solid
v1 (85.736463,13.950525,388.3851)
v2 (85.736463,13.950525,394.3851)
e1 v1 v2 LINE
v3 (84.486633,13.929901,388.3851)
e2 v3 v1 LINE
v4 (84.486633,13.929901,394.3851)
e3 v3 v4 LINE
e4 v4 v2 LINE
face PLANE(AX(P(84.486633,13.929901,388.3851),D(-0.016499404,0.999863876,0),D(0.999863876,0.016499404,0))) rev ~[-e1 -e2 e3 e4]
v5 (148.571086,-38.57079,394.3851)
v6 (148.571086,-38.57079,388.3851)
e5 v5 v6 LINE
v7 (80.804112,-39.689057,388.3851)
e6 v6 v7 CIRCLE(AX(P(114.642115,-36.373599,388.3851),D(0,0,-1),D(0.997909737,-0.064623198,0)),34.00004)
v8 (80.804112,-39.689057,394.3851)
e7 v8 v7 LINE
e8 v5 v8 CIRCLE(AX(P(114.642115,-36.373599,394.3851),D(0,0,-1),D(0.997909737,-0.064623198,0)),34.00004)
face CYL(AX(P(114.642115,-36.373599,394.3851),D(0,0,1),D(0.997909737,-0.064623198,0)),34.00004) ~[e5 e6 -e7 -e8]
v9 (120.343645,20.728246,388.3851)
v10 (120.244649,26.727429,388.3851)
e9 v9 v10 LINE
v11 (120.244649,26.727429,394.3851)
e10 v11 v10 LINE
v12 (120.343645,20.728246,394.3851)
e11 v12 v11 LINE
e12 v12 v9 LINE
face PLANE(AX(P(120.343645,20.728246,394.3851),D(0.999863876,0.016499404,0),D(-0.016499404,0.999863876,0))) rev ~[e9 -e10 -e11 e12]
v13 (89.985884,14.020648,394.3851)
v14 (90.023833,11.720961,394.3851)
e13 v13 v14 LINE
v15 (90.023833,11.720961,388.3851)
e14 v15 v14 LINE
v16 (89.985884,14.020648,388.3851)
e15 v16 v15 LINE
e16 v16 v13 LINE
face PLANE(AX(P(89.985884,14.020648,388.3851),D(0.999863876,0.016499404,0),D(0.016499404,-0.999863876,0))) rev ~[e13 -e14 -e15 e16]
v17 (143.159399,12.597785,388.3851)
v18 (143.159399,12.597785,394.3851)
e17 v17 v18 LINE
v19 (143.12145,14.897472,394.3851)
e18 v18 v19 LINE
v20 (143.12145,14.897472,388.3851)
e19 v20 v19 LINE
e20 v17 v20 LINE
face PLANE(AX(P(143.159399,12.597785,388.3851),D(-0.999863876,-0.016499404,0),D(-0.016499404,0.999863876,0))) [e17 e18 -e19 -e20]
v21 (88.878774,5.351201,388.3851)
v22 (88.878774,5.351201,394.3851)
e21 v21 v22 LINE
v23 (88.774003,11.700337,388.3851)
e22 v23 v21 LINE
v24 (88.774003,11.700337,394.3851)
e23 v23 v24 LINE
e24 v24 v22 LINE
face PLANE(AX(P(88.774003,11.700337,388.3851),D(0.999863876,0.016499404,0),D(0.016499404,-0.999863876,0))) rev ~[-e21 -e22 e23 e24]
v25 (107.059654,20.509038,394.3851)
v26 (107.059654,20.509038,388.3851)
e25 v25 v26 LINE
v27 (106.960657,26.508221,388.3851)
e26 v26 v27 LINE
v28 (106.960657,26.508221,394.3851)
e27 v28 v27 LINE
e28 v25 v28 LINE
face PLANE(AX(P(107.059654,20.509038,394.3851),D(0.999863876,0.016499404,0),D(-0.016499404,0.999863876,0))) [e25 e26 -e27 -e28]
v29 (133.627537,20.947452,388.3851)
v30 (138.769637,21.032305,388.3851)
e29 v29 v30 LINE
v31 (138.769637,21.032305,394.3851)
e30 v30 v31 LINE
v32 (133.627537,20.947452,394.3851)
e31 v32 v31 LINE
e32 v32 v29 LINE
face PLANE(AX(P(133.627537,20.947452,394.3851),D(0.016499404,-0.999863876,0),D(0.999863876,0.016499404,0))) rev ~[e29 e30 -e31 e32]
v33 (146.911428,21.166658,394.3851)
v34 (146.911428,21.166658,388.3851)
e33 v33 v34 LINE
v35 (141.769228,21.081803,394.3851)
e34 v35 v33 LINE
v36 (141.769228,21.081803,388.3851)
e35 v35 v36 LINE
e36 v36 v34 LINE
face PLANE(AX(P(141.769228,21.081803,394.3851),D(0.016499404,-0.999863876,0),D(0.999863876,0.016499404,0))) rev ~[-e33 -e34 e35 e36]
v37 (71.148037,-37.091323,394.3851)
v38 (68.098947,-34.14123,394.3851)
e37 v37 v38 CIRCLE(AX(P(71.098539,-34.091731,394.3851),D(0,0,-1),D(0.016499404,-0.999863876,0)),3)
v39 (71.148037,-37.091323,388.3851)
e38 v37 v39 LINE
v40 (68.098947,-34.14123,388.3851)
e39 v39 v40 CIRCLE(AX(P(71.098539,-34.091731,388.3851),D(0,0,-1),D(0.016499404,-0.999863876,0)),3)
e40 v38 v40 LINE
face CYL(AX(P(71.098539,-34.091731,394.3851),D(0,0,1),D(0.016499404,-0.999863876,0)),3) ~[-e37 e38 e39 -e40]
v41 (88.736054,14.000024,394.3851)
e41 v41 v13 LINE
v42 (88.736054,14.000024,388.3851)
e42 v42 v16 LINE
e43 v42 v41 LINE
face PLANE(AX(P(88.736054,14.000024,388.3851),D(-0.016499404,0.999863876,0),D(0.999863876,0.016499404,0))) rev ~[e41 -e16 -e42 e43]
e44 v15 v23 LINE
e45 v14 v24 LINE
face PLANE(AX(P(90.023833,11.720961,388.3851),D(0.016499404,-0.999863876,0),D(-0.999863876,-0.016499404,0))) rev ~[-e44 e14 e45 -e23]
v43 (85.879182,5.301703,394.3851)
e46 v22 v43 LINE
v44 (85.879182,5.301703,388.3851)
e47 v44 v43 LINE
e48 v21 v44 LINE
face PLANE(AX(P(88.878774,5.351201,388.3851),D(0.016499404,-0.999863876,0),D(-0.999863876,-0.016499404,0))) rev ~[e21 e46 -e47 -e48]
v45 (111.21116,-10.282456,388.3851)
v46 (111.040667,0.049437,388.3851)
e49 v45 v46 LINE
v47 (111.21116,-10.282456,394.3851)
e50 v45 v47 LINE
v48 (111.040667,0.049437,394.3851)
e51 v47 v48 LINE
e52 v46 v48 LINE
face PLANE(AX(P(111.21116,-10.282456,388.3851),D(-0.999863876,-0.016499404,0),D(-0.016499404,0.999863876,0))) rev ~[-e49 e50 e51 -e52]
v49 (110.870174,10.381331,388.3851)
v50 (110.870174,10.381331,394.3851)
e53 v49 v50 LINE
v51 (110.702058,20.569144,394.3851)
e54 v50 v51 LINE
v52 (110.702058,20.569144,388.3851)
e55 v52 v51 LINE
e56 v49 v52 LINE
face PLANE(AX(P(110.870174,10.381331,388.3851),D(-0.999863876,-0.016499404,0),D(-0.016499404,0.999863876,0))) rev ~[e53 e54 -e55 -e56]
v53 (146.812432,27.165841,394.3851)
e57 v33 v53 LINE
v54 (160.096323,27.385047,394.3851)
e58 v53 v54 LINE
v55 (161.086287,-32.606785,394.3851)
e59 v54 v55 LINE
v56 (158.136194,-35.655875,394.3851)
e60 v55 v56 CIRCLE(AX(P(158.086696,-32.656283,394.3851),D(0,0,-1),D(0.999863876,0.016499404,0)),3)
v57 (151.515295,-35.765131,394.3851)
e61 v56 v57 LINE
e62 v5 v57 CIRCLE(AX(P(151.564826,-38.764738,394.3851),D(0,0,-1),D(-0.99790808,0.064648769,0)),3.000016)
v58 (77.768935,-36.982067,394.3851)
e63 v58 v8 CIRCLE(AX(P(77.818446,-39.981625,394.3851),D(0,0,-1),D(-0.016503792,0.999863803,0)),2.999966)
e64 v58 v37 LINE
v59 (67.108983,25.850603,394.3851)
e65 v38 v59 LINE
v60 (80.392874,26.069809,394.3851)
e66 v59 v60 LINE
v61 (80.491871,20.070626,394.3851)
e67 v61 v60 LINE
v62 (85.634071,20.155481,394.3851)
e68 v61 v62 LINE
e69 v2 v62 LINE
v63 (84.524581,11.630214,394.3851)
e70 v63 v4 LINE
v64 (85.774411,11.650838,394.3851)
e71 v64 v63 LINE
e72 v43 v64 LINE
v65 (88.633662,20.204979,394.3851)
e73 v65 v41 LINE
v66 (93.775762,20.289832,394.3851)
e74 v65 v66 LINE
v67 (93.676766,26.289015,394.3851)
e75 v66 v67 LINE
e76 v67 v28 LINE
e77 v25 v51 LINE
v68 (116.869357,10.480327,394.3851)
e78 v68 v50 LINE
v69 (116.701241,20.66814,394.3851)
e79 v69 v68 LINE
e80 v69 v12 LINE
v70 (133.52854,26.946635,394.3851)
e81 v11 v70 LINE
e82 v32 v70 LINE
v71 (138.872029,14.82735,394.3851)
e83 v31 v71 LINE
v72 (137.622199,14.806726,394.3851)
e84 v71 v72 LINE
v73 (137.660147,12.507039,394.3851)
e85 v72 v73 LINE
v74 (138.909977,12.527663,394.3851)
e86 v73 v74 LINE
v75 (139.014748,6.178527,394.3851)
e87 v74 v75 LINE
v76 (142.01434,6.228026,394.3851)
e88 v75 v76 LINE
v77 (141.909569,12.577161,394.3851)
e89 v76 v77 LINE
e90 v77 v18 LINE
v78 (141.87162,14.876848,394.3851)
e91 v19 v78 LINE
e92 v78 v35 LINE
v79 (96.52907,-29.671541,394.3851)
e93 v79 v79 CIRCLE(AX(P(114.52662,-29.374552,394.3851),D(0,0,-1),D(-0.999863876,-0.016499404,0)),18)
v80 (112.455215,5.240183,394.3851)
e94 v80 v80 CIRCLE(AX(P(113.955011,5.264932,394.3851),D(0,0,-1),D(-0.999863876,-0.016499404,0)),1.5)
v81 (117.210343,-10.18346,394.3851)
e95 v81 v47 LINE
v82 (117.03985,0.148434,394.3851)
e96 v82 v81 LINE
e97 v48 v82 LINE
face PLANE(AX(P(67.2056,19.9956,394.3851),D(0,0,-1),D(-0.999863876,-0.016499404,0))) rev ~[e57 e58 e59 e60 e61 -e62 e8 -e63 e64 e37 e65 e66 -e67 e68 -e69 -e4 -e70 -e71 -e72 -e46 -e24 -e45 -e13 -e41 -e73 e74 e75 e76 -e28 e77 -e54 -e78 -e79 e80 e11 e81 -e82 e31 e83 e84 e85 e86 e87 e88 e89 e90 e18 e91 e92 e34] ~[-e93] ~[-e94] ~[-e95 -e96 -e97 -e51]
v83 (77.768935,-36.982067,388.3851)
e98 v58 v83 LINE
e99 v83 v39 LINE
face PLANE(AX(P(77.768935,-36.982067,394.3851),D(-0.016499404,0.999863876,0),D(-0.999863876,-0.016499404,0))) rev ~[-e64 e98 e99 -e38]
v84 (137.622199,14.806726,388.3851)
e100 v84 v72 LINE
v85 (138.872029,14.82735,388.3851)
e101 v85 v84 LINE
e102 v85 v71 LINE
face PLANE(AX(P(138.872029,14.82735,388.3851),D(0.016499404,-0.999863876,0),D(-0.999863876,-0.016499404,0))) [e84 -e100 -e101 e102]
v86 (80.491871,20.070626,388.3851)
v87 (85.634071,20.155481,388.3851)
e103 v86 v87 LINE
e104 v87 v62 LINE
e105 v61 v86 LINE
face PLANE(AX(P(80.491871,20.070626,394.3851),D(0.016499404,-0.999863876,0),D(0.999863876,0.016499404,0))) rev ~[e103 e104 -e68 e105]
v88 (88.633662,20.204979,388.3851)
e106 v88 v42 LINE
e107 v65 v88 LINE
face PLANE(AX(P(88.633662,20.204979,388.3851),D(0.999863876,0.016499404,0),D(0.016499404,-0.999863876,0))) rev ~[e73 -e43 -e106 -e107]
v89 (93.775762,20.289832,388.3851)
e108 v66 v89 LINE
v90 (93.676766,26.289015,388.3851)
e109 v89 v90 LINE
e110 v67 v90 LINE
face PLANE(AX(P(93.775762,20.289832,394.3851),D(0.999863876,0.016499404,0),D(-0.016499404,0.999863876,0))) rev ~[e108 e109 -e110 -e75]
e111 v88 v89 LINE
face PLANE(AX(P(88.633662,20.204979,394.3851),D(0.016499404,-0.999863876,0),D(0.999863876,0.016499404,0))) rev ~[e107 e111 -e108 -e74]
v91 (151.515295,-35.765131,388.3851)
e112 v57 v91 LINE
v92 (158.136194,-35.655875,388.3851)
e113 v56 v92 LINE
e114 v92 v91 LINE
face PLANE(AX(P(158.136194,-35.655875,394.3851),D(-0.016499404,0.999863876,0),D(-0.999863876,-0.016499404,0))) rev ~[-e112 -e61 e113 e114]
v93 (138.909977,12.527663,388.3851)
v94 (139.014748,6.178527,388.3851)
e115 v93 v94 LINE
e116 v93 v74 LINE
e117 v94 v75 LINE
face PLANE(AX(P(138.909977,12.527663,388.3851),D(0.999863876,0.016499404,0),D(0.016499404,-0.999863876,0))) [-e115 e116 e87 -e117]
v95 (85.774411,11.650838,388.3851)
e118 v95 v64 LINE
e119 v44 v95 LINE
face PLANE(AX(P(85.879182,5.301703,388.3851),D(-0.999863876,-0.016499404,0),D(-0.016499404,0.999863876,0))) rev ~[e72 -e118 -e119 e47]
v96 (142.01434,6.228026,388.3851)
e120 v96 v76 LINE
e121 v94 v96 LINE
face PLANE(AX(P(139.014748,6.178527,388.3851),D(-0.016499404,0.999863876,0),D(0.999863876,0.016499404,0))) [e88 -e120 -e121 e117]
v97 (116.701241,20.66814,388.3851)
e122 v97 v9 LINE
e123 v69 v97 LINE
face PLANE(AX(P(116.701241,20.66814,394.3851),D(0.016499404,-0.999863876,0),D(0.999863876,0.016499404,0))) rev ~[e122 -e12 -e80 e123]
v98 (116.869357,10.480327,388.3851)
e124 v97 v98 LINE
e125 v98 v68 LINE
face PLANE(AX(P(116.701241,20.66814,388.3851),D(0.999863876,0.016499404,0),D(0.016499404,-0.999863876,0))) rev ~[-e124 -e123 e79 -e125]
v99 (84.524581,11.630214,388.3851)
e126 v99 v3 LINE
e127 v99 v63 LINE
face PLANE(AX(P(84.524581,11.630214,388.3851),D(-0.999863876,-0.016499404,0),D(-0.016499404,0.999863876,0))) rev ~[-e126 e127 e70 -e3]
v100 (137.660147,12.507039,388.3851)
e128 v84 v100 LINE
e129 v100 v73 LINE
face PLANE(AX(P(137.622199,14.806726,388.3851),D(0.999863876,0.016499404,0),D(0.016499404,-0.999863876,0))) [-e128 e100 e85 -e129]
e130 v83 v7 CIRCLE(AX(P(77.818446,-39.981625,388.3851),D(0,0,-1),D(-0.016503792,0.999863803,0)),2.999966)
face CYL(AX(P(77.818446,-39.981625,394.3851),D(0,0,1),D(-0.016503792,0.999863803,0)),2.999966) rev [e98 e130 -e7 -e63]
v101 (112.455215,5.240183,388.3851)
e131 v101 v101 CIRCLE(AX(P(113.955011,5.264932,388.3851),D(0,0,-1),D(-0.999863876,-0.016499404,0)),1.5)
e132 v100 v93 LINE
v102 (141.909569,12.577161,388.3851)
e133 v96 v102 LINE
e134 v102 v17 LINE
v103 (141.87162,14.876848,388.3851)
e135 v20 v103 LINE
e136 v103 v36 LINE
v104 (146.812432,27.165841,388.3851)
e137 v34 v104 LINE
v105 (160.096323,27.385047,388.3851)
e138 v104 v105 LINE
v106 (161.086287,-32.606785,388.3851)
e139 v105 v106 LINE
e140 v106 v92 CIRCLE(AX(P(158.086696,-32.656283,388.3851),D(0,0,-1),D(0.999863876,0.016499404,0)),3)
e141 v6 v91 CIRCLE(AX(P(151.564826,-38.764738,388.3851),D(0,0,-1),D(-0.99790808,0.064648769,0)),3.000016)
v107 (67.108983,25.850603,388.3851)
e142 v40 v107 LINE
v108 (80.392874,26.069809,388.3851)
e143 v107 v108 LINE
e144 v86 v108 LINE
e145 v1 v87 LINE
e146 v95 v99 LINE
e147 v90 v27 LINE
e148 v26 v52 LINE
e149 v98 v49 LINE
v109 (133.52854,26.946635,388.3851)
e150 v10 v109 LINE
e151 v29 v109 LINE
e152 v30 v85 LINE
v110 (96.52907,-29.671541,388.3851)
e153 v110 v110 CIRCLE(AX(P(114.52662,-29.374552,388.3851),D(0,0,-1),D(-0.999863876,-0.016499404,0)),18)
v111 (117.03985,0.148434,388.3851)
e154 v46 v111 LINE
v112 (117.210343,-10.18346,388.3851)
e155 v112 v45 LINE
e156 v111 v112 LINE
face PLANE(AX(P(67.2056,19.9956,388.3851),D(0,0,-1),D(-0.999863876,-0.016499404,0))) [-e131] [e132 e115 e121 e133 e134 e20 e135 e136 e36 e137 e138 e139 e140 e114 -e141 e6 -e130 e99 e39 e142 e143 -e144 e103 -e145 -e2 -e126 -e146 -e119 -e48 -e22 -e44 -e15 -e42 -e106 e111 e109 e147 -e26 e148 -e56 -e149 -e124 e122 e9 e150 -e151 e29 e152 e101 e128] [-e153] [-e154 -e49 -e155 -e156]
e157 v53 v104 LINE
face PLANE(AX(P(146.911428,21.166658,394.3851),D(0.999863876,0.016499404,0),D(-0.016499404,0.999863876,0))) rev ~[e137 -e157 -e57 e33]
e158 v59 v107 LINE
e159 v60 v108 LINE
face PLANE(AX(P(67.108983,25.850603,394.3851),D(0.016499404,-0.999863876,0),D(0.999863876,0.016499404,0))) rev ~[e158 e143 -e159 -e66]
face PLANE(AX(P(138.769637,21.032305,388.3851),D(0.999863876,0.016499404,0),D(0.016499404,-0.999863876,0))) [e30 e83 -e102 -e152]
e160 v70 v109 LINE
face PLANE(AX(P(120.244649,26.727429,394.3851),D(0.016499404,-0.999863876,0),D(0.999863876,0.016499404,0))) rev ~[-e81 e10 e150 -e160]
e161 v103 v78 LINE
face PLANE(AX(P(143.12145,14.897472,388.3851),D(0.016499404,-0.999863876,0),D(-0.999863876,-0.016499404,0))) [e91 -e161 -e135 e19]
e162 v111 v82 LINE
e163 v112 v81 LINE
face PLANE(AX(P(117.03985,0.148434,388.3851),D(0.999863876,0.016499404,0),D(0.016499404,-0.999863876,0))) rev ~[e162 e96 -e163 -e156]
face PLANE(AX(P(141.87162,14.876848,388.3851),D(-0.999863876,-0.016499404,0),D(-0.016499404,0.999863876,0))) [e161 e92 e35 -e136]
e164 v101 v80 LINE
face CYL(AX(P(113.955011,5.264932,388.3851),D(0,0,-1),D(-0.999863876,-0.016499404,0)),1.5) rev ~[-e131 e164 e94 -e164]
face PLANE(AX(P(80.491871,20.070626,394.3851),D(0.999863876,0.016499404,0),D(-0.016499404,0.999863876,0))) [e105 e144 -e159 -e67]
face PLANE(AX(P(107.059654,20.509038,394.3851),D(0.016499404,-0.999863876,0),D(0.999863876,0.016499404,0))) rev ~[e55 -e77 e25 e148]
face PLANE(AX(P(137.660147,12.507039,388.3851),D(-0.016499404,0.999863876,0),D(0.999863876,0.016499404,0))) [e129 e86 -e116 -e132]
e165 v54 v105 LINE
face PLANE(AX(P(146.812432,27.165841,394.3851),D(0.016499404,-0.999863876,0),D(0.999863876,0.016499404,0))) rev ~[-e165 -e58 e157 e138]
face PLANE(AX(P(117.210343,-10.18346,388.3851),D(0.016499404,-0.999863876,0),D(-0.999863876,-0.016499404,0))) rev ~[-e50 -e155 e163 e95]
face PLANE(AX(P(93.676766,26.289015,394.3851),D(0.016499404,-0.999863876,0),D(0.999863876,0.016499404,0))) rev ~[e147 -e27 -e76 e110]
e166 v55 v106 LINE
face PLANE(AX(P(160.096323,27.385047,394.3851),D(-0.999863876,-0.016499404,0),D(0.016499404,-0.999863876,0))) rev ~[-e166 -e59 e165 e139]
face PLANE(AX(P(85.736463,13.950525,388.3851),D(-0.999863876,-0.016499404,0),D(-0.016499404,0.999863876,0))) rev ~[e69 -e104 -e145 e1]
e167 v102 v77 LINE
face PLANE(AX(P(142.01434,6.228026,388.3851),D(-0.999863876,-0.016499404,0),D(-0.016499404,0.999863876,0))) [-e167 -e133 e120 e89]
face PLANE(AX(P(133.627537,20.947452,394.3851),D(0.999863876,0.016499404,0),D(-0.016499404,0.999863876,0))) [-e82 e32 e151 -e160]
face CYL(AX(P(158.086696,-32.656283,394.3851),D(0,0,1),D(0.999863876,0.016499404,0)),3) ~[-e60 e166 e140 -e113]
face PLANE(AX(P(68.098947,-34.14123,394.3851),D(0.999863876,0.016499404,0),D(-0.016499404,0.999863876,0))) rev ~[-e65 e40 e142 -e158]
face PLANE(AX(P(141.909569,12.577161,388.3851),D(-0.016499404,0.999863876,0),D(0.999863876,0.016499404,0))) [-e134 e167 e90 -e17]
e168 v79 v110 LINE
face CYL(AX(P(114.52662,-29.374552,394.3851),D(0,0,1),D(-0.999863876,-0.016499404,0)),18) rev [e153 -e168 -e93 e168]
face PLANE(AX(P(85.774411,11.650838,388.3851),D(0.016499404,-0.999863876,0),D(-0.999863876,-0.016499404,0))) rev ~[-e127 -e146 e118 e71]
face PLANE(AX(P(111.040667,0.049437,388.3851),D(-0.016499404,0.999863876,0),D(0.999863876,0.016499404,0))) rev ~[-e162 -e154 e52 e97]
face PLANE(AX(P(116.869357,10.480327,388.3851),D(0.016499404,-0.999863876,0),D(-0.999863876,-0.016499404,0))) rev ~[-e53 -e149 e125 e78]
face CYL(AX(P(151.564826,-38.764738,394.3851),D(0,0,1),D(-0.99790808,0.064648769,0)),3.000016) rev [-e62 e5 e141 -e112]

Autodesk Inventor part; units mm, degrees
ref_plane "YZ Plane" through (0, 0, 0) normal (1, 0, 0) x (0, 1, 0)
ref_plane "XZ Plane" through (0, 0, 0) normal (0, 1, 0) x (-1, 0, 0)
ref_plane "XY Plane" through (0, 0, 0) normal (0, 0, 1) x (1, 0, 0)
ref_plane "РабПлоскость1" through (67.2056, 19.9956, 394.3851) normal (0, 0, -1) x (-0.9999, -0.0165, 0)
sketch "Эскиз1" plane through (67.2056, 19.9956, 394.3851) normal (0, 0, -1) x (-0.9999, -0.0165, 0)
  line L0 (-9.6218, -57.1442) -> (-3, -57.1442) projected
  arc A0 (-9.6218, -57.1442) -> (-12.6119, -59.9009) centre (-9.6218, -60.1442) ccw projected
  arc A1 (-3, -57.1442) -> (0, -54.1442) centre (-3, -54.1442) ccw projected
  line L1 (0, -54.1442) -> (0, 5.8558) projected
  line L2 (0, 5.8558) -> (-13.2857, 5.8558) projected
  line L3 (-13.2857, -0.1442) -> (-13.2857, 5.8558) projected
  line L4 (-13.2857, -0.1442) -> (-26.5714, -0.1442)
  line L5 (-26.5714, -0.1442) -> (-26.5714, 5.8558)
  line L6 (-26.5714, 5.8558) -> (-39.8571, 5.8558) projected
  line L7 (-39.8571, -0.1442) -> (-39.8571, 5.8558) projected
  line L8 (-39.8571, -0.1442) -> (-53.1429, -0.1442)
  line L9 (-53.1429, -0.1442) -> (-53.1429, 5.8558)
  line L10 (-53.1429, 5.8558) -> (-66.4286, 5.8558) projected
  line L11 (-66.4286, -0.1442) -> (-66.4286, 5.8558) projected
  line L12 (-66.4286, -0.1442) -> (-79.7143, -0.1442)
  line L13 (-79.7143, -0.1442) -> (-79.7143, 5.8558)
  line L14 (-79.7143, 5.8558) -> (-93, 5.8558) projected
  line L15 (-93, 5.8558) -> (-93, -54.1442) projected
  arc A2 (-93, -54.1442) -> (-90, -57.1442) centre (-90, -54.1442) ccw projected
  line L16 (-90, -57.1442) -> (-83.3782, -57.1442) projected
  arc A3 (-80.3881, -59.9009) -> (-83.3782, -57.1442) centre (-83.3782, -60.1442) ccw projected
  arc A4 (-80.3881, -59.9009) -> (-12.6119, -59.9009) centre (-46.5, -57.1442) ccw projected
  circle A5 centre (-46.5, -50.1442) radius 18
  line L17 (-74.5714, -0.1442) -> (-79.7143, -0.1442) projected
  line L18 (-21.4286, -0.1442) -> (-26.5714, -0.1442) projected
  line L19 (-49.5, -0.1442) -> (-53.1429, -0.1442) projected
  circle A6 centre (-46.5, -50.1442) radius 18 construction
  point P0 (67.5262, -18.8845)
  dimension "d0" = 6
extrude "Выдавливание1" add sketch "Эскиз1" along normal blind 6
sketch "Эскиз2" plane through (67.2056, 19.9956, 388.3851) normal (0, 0, -1) x (-0.9999, -0.0165, 0)
  circle A0 centre (-46.5, -15.5) radius 1.5 projected
  line L0 (-49.5, -10.3334) -> (-49.5, -0.1442) construction
  line L1 (-43.5, -0.1442) -> (-43.5, -10.3334) construction
  line L2 (-43.5, -20.6667) -> (-43.5, -31) construction
  line L3 (-49.5, -31) -> (-49.5, -20.6667) construction
  line L4 (-49.5, -31) -> (-43.5, -31)
  line L5 (-43.5, -31) -> (-43.5, -20.6667)
  line L6 (-43.5, -20.6667) -> (-49.5, -20.6667)
  line L7 (-49.5, -20.6667) -> (-49.5, -31)
  line L8 (-49.5, -10.3334) -> (-43.5, -10.3334)
  line L9 (-43.5, -10.3334) -> (-43.5, -0.1442)
  line L10 (-43.5, -0.1442) -> (-49.5, -0.1442)
  line L11 (-49.5, -0.1442) -> (-49.5, -10.3334)
  line L12 (-17.1786, -8.65) -> (-17.1786, -6.35)
  line L13 (-17.1786, -6.35) -> (-18.4286, -6.35)
  line L14 (-18.4286, -6.35) -> (-18.4286, -0.1442)
  line L15 (-21.4286, -0.1442) -> (-21.4286, -6.35)
  line L16 (-21.4286, -6.35) -> (-22.6786, -6.35)
  line L17 (-22.6786, -6.35) -> (-22.6786, -8.65)
  line L18 (-22.6786, -8.65) -> (-21.4286, -8.65)
  line L19 (-21.4286, -8.65) -> (-21.4286, -15)
  line L20 (-21.4286, -15) -> (-18.4286, -15)
  line L21 (-18.4286, -15) -> (-18.4286, -8.65)
  line L22 (-18.4286, -8.65) -> (-17.1786, -8.65)
  line L23 (-21.4286, -0.1442) -> (-18.4286, -0.1442)
  line L24 (-46.5, -10.3334) -> (-46.5, -0.1442) construction
  line L25 (-75.8214, -8.65) -> (-75.8214, -6.35)
  line L26 (-75.8214, -6.35) -> (-74.5714, -6.35)
  line L27 (-74.5714, -6.35) -> (-74.5714, -0.1442)
  line L28 (-71.5714, -0.1442) -> (-71.5714, -6.35)
  line L29 (-71.5714, -6.35) -> (-70.3214, -6.35)
  line L30 (-70.3214, -6.35) -> (-70.3214, -8.65)
  line L31 (-70.3214, -8.65) -> (-71.5714, -8.65)
  line L32 (-71.5714, -8.65) -> (-71.5714, -15)
  line L33 (-71.5714, -15) -> (-74.5714, -15)
  line L34 (-74.5714, -15) -> (-74.5714, -8.65)
  line L35 (-74.5714, -8.65) -> (-75.8214, -8.65)
  line L36 (-71.5714, -0.1442) -> (-74.5714, -0.1442)
  point P0 (67.5262, -18.8845)
extrude "Выдавливание2" cut sketch "Эскиз2" against normal blind 6
equation "\"d1\" = d0"
equation "\"d3\" = d0"
